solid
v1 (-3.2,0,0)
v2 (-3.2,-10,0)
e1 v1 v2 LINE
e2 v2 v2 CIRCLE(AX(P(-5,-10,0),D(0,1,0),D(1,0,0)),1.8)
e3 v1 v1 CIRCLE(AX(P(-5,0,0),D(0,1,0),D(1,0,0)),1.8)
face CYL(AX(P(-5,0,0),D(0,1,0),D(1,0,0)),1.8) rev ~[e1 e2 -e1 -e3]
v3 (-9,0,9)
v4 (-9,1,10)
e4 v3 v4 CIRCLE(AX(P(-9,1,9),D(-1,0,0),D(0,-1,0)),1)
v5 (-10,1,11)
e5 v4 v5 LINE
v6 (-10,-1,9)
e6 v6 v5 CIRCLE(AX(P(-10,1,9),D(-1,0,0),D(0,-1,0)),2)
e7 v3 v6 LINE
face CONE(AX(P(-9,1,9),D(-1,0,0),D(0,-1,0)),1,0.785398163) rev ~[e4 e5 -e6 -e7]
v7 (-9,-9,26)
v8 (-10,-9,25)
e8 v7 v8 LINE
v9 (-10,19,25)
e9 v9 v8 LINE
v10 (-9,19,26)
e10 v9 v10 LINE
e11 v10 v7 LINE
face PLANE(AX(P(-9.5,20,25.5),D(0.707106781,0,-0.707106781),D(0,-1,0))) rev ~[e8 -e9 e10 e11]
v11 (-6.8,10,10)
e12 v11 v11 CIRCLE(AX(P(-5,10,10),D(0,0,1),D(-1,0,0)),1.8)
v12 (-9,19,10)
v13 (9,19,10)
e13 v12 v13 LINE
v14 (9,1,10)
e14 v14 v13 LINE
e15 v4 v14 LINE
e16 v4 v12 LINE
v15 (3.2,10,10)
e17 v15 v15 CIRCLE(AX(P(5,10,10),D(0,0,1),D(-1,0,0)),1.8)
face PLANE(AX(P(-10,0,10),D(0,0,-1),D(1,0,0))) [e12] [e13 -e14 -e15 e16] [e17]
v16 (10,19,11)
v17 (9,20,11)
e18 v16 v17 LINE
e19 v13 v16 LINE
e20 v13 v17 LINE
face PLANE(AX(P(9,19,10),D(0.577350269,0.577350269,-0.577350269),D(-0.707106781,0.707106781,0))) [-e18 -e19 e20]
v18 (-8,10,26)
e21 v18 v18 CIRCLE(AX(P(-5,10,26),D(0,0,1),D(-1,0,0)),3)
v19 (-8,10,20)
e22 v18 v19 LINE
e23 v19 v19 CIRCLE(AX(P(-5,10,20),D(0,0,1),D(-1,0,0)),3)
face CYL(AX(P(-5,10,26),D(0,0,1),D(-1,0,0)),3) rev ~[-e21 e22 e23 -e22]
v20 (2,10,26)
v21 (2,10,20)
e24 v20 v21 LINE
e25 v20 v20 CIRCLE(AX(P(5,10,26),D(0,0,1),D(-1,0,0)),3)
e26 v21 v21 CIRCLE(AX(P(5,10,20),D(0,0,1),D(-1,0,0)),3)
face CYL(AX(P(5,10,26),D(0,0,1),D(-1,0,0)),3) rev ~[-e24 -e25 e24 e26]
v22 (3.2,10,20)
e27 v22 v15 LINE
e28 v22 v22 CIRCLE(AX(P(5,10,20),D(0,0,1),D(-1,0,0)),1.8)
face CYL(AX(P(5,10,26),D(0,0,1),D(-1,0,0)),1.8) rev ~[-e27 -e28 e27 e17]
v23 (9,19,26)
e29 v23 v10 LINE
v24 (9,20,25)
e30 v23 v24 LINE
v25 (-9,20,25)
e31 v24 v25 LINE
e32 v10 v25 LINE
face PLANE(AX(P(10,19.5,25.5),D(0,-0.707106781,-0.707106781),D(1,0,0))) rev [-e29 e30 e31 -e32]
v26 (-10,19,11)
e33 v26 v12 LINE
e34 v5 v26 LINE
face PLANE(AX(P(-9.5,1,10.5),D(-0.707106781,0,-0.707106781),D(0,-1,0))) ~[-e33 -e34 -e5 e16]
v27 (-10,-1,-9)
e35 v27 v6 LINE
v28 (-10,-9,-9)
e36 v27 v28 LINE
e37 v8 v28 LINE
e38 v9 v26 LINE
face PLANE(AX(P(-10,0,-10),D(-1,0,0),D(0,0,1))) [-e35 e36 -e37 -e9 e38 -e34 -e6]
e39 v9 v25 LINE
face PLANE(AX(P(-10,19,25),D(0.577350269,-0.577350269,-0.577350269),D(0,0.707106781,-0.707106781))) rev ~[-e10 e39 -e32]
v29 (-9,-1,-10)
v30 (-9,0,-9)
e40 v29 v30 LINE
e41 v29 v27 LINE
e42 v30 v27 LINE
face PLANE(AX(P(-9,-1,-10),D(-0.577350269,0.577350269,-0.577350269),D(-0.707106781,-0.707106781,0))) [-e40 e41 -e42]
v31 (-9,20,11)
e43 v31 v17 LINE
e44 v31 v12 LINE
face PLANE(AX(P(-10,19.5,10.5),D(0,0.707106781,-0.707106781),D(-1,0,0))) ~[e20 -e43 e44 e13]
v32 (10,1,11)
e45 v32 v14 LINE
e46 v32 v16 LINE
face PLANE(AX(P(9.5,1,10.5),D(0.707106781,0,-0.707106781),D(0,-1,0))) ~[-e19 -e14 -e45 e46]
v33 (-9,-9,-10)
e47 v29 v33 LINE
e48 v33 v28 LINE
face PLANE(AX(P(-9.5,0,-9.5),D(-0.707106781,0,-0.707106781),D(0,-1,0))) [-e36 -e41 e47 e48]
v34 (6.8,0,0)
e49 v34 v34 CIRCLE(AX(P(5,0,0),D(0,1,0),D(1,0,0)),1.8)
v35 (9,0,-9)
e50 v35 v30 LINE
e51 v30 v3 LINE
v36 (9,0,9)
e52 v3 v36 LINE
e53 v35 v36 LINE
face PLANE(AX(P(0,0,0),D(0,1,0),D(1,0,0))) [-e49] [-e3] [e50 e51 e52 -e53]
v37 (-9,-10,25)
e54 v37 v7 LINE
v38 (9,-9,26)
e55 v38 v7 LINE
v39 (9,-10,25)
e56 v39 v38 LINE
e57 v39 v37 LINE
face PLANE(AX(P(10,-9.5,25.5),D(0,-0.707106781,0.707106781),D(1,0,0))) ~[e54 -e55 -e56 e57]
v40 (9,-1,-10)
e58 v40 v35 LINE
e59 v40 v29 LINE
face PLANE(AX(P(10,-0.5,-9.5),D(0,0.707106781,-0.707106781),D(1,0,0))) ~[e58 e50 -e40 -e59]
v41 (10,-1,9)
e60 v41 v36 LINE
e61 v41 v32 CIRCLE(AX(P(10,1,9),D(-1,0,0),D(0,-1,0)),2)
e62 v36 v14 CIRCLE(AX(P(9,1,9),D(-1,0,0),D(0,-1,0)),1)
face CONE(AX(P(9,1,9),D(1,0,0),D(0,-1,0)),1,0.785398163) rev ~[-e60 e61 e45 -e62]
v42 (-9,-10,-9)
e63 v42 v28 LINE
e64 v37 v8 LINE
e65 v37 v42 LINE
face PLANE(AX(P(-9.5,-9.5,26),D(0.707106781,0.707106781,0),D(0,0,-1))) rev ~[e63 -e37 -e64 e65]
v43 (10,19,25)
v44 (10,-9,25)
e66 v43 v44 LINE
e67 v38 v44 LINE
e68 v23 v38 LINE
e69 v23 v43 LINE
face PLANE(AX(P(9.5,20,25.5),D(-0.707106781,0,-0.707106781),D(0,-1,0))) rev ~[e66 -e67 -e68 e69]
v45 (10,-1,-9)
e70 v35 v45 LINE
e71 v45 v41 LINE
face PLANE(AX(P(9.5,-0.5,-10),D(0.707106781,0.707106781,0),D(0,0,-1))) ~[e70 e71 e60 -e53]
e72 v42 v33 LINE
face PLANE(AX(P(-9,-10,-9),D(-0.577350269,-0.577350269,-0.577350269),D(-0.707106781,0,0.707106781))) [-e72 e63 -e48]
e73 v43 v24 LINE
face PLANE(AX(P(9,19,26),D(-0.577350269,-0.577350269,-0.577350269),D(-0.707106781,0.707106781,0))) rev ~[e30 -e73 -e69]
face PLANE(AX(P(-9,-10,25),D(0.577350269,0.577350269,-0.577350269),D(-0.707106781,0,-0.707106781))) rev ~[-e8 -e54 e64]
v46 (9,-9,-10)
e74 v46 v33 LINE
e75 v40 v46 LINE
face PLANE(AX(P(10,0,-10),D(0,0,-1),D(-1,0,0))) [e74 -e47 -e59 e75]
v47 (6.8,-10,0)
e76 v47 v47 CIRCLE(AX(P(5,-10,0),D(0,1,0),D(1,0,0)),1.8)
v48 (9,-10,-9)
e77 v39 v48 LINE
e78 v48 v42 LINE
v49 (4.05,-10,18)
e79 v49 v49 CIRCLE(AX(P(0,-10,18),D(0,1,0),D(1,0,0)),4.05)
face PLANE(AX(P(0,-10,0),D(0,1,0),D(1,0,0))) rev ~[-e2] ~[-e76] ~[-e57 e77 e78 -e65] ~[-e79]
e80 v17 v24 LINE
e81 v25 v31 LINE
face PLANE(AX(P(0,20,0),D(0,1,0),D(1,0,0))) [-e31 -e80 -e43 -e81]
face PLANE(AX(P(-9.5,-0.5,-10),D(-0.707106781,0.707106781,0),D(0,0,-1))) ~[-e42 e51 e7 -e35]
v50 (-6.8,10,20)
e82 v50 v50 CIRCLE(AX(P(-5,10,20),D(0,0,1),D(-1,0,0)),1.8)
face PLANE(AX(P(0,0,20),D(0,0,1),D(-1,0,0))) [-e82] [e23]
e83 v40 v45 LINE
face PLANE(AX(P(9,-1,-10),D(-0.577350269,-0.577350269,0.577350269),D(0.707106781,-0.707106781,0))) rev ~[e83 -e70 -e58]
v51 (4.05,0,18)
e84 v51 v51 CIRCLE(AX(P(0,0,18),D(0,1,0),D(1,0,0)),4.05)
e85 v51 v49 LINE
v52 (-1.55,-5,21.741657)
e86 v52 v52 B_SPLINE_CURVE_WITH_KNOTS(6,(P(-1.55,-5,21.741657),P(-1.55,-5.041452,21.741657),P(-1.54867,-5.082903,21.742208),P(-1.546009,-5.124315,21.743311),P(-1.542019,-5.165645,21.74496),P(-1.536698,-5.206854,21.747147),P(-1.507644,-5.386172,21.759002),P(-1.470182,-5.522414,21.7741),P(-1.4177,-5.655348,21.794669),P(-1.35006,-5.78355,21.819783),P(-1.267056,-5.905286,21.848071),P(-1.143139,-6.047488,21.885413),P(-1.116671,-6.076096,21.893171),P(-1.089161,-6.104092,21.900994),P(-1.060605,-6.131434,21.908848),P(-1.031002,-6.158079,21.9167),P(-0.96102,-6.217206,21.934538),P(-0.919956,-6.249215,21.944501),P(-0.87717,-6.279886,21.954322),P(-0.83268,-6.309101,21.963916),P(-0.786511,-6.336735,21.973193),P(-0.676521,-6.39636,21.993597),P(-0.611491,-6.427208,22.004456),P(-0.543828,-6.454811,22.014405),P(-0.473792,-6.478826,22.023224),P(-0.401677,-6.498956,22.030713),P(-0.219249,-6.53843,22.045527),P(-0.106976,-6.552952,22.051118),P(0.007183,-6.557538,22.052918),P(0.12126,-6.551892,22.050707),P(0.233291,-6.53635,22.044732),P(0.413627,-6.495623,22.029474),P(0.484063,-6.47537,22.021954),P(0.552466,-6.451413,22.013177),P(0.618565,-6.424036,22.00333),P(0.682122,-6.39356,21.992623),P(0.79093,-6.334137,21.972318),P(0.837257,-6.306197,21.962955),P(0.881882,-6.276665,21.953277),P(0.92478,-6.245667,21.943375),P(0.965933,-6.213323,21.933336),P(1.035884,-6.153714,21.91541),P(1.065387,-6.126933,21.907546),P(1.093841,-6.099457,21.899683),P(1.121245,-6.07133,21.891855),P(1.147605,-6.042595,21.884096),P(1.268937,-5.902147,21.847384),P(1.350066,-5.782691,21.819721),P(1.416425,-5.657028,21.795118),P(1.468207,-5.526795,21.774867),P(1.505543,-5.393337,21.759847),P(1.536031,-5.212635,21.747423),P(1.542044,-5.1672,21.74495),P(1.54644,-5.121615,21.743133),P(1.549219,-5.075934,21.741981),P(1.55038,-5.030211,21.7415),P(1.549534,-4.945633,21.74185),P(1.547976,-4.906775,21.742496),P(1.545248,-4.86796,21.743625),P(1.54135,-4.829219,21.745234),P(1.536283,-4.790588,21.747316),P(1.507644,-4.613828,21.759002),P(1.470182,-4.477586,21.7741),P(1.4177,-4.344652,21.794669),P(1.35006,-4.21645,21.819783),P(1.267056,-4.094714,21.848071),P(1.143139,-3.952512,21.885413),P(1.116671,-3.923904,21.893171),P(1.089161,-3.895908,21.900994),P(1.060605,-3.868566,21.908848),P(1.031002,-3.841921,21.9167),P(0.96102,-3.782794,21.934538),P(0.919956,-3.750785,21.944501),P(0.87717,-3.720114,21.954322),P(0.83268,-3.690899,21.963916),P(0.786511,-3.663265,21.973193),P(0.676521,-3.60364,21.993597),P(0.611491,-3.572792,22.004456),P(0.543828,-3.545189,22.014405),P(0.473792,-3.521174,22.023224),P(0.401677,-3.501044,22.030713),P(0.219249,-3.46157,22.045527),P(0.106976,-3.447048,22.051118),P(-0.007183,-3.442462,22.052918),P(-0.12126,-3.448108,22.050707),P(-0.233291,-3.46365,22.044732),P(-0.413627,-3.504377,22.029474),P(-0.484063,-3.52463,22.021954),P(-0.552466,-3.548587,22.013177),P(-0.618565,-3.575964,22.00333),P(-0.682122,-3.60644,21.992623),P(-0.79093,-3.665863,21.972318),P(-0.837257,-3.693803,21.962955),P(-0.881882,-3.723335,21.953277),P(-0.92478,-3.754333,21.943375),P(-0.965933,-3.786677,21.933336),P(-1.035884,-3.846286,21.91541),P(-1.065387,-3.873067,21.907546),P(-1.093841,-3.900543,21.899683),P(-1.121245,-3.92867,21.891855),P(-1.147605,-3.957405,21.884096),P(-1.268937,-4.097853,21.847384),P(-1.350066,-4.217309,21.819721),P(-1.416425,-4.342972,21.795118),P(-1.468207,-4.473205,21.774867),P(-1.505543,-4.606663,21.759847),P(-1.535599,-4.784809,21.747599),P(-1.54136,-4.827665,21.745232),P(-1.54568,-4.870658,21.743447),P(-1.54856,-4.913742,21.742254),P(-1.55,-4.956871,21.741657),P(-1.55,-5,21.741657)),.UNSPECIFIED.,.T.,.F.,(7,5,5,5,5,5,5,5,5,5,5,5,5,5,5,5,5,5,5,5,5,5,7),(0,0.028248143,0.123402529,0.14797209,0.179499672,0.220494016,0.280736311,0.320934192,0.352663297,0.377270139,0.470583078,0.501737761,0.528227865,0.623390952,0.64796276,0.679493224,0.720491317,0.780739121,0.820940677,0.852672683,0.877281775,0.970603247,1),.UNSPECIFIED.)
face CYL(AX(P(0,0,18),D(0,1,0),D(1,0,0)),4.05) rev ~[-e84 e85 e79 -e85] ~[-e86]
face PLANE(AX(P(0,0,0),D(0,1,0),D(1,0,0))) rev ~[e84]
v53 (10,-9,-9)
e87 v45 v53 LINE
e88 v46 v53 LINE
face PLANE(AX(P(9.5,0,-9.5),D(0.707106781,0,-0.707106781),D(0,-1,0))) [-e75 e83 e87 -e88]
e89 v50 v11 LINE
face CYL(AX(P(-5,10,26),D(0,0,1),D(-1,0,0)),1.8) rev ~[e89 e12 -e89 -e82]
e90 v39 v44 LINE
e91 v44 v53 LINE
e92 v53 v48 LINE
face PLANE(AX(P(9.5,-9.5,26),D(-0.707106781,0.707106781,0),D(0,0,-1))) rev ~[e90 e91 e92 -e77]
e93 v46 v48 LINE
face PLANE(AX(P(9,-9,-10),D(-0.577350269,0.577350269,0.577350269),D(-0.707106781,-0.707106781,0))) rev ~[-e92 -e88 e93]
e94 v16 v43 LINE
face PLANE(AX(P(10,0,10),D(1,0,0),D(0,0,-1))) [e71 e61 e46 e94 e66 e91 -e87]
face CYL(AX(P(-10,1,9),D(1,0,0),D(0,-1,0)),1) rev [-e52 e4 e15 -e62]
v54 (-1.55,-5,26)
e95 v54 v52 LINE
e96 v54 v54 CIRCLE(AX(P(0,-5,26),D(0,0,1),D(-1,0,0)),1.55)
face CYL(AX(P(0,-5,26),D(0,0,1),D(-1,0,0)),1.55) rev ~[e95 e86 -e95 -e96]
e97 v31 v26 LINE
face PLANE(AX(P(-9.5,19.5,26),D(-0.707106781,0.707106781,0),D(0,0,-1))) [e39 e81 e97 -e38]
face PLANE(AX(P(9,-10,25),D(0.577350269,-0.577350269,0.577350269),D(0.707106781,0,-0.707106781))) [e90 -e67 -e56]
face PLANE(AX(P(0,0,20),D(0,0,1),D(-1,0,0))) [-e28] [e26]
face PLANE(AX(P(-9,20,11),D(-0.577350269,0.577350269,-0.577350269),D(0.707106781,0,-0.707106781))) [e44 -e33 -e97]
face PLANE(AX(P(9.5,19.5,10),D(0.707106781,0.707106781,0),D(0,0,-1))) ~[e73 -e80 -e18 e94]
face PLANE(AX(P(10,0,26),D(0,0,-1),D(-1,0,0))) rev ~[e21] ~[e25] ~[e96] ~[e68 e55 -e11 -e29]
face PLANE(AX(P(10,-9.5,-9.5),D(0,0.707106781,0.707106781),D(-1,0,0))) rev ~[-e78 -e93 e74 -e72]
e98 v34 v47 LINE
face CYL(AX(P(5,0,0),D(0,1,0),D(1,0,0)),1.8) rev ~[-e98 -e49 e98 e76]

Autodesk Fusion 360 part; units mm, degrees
sketch "Sketch1" plane through (0, 0, 0) normal (0, 1, 0) x (1, 0, 0)
  line L0 (10, 10) -> (-10, 10)
  line L1 (-10, 10) -> (-10, -10)
  line L2 (-10, -10) -> (10, -10)
  line L3 (10, -10) -> (10, 10)
  line L4 (10, 10) -> (-10, -10) construction
  line L5 (-10, 10) -> (10, -10) construction
  circle A0 centre (-5, 0) radius 1.8
  circle A1 centre (5, 0) radius 1.8
  line L6 (-10, -10) -> (10, -10)
  line L7 (10, -10) -> (10, -26)
  line L8 (10, -26) -> (-10, -26)
  line L9 (-10, -26) -> (-10, -10)
  line L10 (10, -10) -> (-10, -26) construction
  line L11 (-10, -10) -> (10, -26) construction
  circle A2 centre (0, -18) radius 4.05
  dimension "d52" = 20
  dimension "d53" = 20
  dimension "d55" = 10
  dimension "d56" = 3.6
  dimension "d57" = 3.6
  dimension "d58" = 20
  dimension "d59" = 16
  dimension "d60" = 8.1
extrude "Extrude1" add sketch "Sketch1" against normal blind 10
extrude "Extrude2" add sketch "Sketch1" along normal blind 20 contours L2 L6 L7 L8 L9 | A2
sketch "Sketch2" plane through (0, 0, 26) normal (0, 0, 1) x (-1, 0, 0)
  line L0 (10, -20) -> (-10, -20)
  line L1 (-10, -20) -> (-10, 0)
  line L2 (-10, 0) -> (10, 0)
  line L3 (10, 0) -> (10, -20)
  line L4 (-10, 0) -> (10, -20) construction
  line L5 (10, 0) -> (-10, -20) construction
  circle A0 centre (5, -10) radius 1.8
  circle A1 centre (-5, -10) radius 1.8
  line L6 (10, -20) -> (10, 10)
  line L7 (10, 10) -> (-10, 10)
  line L8 (-10, 10) -> (-10, -20)
  line L9 (-10, -20) -> (10, -20)
  line L10 (10, 0) -> (-10, 10) construction
  line L11 (-10, 0) -> (10, 10) construction
  circle A2 centre (0, 5) radius 1.55
  circle A3 centre (-5, -10) radius 3
  circle A4 centre (5, -10) radius 3
  dimension "d65" = 20
  dimension "d66" = 20
  dimension "d68" = 10
  dimension "d69" = 3.6
  dimension "d70" = 3.6
  dimension "d82" = 3.1
  dimension "d89" = 6
  dimension "d90" = 6
extrude "Extrude6" cut sketch "Sketch2" against normal blind 16 contours A0 | A1
extrude "Extrude7" cut sketch "Sketch2" against normal blind 4.5 contours A2
fillet "Fillet2" radius 1 1 edges at (0, 0, 10)
extrude "Extrude8" cut sketch "Sketch2" against normal blind 6 contours A3 | A4
chamfer "Chamfer4" distance 1 angle 45 19 edges at (10, 20, 18) (10, 10.5, 10) (10, 0, -0.5) (10, 0.2929, 9.7071) (10, 5, 26) (0, 20, 26) (-10, 5, 26) (0, -10, 26) (10, -10, 8) (-10, 0, -0.5) (-10, 0.2929, 9.7071) (-10, 10.5, 10) (-10, 20, 18) (0, 20, 10) (0, 0, -10) (10, -5, -10) (-10, -5, -10) (0, -10, -10) (-10, -10, 8)
